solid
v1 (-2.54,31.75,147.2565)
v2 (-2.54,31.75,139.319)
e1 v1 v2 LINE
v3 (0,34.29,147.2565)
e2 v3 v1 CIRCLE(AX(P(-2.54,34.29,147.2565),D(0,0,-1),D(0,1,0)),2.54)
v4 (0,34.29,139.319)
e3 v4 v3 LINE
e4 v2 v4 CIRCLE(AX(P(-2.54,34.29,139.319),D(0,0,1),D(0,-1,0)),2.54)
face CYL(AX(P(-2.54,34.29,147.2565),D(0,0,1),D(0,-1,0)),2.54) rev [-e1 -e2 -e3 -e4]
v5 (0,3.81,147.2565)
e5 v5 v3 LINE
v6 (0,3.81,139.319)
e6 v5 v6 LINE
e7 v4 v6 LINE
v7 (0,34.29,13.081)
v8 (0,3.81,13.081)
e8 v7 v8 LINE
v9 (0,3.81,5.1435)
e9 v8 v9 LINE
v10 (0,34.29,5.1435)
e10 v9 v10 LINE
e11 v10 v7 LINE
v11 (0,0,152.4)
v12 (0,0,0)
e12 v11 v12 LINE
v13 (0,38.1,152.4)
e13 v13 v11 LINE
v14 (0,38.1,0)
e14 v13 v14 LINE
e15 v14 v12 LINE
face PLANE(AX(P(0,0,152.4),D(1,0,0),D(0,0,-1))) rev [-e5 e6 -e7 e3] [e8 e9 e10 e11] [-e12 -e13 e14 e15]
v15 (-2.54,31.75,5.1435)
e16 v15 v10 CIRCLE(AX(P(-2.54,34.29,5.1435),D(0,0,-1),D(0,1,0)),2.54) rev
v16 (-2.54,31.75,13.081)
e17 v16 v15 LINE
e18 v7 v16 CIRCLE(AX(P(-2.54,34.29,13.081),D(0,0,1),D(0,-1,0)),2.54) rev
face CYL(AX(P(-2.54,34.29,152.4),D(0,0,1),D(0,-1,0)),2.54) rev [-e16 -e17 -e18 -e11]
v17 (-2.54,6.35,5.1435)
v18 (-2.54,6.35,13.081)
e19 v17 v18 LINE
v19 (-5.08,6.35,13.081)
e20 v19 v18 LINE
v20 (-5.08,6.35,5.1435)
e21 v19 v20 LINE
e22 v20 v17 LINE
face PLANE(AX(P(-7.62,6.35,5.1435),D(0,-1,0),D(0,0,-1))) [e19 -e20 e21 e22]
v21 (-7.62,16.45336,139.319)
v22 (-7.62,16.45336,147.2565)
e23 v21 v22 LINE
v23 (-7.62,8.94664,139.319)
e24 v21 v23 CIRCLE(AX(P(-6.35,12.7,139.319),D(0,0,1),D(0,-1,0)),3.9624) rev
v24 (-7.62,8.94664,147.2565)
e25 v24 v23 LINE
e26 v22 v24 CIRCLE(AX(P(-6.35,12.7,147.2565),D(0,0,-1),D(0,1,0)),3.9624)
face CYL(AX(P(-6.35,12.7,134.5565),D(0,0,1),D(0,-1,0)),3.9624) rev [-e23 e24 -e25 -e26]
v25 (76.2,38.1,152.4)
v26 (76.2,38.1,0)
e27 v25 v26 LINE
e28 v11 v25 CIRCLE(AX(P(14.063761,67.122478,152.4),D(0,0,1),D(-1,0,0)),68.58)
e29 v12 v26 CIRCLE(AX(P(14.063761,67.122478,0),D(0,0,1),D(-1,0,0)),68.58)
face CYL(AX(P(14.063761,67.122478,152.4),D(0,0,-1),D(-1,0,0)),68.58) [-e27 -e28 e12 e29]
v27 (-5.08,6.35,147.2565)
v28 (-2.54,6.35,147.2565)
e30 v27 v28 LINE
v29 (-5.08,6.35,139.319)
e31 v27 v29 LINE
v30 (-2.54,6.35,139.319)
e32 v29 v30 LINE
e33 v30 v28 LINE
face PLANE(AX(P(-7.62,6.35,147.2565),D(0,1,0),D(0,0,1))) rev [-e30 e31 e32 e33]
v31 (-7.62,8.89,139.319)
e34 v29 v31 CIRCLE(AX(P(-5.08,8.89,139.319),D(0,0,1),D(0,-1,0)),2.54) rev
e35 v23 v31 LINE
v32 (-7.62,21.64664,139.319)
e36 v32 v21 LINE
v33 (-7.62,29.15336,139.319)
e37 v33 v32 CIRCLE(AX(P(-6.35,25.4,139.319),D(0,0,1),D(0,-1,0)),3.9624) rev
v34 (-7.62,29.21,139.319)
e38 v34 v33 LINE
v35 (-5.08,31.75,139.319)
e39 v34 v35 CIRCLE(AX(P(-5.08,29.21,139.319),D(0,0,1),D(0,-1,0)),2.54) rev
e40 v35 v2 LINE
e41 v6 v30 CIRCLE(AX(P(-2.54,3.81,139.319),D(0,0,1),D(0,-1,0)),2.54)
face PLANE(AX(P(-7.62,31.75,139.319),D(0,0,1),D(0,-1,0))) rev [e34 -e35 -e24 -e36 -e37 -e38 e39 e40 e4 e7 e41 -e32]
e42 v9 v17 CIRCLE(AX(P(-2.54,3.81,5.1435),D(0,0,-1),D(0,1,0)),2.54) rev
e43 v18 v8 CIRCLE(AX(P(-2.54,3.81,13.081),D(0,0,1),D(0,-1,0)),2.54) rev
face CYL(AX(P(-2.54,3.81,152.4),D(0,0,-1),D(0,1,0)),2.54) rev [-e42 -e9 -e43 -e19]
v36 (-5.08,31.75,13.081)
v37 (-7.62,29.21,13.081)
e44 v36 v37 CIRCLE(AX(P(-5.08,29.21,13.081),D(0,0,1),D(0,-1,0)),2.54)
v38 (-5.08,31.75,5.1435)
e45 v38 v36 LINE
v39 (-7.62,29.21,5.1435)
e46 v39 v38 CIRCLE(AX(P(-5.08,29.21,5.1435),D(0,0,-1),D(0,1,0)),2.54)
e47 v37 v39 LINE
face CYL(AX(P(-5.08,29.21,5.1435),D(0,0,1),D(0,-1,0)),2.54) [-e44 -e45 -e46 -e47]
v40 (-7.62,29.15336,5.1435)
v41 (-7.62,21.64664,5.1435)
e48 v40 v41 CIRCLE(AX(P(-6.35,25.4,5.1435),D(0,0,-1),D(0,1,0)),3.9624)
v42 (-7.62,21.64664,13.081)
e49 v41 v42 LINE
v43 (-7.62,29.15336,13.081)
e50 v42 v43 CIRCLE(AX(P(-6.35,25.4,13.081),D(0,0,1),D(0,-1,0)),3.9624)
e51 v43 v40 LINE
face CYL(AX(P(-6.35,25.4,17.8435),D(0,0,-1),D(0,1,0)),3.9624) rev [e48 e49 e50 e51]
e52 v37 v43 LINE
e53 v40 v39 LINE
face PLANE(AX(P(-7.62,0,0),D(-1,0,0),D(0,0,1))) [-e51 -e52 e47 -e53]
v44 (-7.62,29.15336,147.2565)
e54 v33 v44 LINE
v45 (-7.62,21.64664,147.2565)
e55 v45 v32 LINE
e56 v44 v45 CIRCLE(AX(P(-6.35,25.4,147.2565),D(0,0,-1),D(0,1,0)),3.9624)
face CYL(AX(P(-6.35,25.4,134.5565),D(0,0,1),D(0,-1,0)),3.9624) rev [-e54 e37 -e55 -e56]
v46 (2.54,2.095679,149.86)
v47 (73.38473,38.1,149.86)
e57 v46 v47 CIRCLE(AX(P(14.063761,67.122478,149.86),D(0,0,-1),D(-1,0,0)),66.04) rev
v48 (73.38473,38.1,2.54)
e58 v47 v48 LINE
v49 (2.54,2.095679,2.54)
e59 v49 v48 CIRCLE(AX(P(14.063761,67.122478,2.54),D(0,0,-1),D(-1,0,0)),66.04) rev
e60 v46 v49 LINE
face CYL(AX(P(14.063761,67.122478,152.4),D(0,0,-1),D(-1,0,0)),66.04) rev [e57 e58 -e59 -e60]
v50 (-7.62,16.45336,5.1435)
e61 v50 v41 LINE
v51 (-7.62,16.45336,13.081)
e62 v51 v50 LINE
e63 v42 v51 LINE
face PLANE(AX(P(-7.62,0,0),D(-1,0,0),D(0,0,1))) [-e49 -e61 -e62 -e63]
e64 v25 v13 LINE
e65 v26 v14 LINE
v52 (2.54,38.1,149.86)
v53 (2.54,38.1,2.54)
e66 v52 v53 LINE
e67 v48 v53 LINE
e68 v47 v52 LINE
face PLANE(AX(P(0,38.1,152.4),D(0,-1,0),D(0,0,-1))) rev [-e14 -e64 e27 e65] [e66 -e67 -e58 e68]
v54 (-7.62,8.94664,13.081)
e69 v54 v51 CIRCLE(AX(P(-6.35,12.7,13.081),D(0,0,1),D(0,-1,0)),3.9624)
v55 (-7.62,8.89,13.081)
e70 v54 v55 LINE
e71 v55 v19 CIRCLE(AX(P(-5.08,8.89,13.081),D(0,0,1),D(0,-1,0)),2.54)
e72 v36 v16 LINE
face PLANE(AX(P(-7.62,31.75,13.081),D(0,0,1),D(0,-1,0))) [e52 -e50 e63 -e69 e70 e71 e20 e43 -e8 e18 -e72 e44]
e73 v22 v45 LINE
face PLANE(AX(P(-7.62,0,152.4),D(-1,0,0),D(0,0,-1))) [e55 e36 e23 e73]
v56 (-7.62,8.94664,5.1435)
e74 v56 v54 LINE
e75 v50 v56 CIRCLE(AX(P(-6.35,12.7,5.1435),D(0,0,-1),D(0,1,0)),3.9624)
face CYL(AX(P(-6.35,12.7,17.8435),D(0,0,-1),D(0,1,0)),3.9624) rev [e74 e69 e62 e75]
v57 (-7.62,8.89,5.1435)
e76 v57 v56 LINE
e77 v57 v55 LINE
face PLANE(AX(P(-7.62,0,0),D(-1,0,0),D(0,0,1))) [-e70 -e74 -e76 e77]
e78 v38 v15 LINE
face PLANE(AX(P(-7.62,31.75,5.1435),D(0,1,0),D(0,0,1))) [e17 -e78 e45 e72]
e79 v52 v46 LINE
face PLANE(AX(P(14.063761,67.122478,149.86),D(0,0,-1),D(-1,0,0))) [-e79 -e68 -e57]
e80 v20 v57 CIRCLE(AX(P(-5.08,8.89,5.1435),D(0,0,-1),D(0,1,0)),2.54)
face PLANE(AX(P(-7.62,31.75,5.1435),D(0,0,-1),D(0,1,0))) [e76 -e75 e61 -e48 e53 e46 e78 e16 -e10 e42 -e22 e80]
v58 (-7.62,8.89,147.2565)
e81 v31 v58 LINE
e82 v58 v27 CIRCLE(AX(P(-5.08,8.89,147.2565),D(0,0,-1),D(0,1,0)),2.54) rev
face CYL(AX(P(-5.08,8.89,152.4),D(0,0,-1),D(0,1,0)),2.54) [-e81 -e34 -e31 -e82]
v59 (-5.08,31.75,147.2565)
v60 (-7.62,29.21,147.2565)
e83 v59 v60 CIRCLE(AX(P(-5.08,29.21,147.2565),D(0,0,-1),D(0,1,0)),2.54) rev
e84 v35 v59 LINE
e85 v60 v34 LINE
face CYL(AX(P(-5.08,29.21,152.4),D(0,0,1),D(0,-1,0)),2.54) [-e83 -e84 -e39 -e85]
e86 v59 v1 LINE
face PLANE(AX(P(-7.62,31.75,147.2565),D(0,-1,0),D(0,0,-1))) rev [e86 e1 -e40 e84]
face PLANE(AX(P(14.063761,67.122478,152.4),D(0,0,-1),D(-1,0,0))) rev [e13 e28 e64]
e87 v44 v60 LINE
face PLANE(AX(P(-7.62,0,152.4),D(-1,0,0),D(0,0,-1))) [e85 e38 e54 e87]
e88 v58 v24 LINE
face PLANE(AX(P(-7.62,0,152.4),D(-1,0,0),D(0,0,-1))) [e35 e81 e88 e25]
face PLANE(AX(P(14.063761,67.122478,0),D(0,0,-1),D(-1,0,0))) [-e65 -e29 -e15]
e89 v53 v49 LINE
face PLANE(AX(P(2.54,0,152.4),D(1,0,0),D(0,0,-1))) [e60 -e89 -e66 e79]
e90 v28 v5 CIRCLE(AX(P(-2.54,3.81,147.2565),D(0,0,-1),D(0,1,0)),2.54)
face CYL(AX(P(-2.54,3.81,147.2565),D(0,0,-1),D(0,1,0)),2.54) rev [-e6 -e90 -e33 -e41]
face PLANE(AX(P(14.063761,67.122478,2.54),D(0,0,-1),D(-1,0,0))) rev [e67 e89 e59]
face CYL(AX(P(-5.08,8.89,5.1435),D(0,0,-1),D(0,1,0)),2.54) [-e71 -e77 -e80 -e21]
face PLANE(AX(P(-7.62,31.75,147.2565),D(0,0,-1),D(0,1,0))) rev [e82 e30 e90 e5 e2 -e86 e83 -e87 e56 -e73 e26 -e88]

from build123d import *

# Parameters (mm, degrees)
BOSS_EXTRUDE1_DEPTH  = 152.4
SHELL1_T             = -2.54
SKETCH2_W            = 7.9375
SKETCH2_H            = 25.4
BOSS_EXTRUDE2_DEPTH  = 7.62
SKETCH3_R            = 3.9624
CUT_EXTRUDE1_DEPTH   = 12.7
FILLET1_R            = 2.54
FILLET1_OF_MIRROR1_R = 2.54


with BuildPart() as part:
    # Sketch1 → Boss-Extrude1 (new body)
    with BuildSketch(Plane.XY):
        with BuildLine():
            Line((0, 0), (0, 38.1))
            Line((0, 38.1), (76.2, 38.1))
            ThreePointArc((76.2, 38.1), (44.733669489, 5.782661022), (0, 0))
        make_face()
    extrude(amount=BOSS_EXTRUDE1_DEPTH)

    # Shell1
    shell1_openings = [part.faces().sort_by_distance(p)[0] for p in [
        (38.1, 38.1, 76.2),
    ]]
    offset(amount=SHELL1_T, openings=shell1_openings, kind=Kind.INTERSECTION)

    # Sketch2 → Boss-Extrude2 (add)
    with BuildSketch(Plane(origin=(0, 0, 0), x_dir=(0, 0, -1), z_dir=(1, 0, 0))):
        with Locations((-9.11225, 19.05)):
            Rectangle(SKETCH2_W, SKETCH2_H)
    boss_extrude2 = extrude(amount=-BOSS_EXTRUDE2_DEPTH)

    # Sketch3 → Cut-Extrude1 (cut)
    with BuildSketch(Plane(origin=(0, 0, 5.1435), x_dir=(-1, 0, 0), z_dir=(0, 0, -1))):
        with Locations((6.35, 25.4)):
            Circle(SKETCH3_R)
        with Locations((6.35, 12.7)):
            Circle(SKETCH3_R)
    cut_extrude1 = extrude(amount=-CUT_EXTRUDE1_DEPTH, mode=Mode.SUBTRACT)

    # Fillet1
    fillet1_edges = [part.edges().sort_by_distance(p)[0] for p in [
        (-7.62, 6.35, 9.11225),
        (-7.62, 31.75, 9.11225),
        (0, 31.75, 9.11225),
        (0, 6.35, 9.11225),
    ]]
    fillet(fillet1_edges, radius=FILLET1_R)

    # Mirror1: Boss-Extrude2, Cut-Extrude1 across plane
    add(boss_extrude2.mirror(Plane(origin=(0, 0, 76.2), x_dir=(1, 0, 0), z_dir=(0, 0, -1))))
    add(cut_extrude1.mirror(Plane(origin=(0, 0, 76.2), x_dir=(1, 0, 0), z_dir=(0, 0, -1))), mode=Mode.SUBTRACT)

    # Fillet1 of Mirror1
    fillet1_of_mirror1_edges = [part.edges().sort_by_distance(p)[0] for p in [
        (-7.62, 6.35, 143.28775),
        (-7.62, 31.75, 143.28775),
        (0, 31.75, 143.28775),
        (0, 6.35, 143.28775),
    ]]
    fillet(fillet1_of_mirror1_edges, radius=FILLET1_OF_MIRROR1_R)


solid = part.part
